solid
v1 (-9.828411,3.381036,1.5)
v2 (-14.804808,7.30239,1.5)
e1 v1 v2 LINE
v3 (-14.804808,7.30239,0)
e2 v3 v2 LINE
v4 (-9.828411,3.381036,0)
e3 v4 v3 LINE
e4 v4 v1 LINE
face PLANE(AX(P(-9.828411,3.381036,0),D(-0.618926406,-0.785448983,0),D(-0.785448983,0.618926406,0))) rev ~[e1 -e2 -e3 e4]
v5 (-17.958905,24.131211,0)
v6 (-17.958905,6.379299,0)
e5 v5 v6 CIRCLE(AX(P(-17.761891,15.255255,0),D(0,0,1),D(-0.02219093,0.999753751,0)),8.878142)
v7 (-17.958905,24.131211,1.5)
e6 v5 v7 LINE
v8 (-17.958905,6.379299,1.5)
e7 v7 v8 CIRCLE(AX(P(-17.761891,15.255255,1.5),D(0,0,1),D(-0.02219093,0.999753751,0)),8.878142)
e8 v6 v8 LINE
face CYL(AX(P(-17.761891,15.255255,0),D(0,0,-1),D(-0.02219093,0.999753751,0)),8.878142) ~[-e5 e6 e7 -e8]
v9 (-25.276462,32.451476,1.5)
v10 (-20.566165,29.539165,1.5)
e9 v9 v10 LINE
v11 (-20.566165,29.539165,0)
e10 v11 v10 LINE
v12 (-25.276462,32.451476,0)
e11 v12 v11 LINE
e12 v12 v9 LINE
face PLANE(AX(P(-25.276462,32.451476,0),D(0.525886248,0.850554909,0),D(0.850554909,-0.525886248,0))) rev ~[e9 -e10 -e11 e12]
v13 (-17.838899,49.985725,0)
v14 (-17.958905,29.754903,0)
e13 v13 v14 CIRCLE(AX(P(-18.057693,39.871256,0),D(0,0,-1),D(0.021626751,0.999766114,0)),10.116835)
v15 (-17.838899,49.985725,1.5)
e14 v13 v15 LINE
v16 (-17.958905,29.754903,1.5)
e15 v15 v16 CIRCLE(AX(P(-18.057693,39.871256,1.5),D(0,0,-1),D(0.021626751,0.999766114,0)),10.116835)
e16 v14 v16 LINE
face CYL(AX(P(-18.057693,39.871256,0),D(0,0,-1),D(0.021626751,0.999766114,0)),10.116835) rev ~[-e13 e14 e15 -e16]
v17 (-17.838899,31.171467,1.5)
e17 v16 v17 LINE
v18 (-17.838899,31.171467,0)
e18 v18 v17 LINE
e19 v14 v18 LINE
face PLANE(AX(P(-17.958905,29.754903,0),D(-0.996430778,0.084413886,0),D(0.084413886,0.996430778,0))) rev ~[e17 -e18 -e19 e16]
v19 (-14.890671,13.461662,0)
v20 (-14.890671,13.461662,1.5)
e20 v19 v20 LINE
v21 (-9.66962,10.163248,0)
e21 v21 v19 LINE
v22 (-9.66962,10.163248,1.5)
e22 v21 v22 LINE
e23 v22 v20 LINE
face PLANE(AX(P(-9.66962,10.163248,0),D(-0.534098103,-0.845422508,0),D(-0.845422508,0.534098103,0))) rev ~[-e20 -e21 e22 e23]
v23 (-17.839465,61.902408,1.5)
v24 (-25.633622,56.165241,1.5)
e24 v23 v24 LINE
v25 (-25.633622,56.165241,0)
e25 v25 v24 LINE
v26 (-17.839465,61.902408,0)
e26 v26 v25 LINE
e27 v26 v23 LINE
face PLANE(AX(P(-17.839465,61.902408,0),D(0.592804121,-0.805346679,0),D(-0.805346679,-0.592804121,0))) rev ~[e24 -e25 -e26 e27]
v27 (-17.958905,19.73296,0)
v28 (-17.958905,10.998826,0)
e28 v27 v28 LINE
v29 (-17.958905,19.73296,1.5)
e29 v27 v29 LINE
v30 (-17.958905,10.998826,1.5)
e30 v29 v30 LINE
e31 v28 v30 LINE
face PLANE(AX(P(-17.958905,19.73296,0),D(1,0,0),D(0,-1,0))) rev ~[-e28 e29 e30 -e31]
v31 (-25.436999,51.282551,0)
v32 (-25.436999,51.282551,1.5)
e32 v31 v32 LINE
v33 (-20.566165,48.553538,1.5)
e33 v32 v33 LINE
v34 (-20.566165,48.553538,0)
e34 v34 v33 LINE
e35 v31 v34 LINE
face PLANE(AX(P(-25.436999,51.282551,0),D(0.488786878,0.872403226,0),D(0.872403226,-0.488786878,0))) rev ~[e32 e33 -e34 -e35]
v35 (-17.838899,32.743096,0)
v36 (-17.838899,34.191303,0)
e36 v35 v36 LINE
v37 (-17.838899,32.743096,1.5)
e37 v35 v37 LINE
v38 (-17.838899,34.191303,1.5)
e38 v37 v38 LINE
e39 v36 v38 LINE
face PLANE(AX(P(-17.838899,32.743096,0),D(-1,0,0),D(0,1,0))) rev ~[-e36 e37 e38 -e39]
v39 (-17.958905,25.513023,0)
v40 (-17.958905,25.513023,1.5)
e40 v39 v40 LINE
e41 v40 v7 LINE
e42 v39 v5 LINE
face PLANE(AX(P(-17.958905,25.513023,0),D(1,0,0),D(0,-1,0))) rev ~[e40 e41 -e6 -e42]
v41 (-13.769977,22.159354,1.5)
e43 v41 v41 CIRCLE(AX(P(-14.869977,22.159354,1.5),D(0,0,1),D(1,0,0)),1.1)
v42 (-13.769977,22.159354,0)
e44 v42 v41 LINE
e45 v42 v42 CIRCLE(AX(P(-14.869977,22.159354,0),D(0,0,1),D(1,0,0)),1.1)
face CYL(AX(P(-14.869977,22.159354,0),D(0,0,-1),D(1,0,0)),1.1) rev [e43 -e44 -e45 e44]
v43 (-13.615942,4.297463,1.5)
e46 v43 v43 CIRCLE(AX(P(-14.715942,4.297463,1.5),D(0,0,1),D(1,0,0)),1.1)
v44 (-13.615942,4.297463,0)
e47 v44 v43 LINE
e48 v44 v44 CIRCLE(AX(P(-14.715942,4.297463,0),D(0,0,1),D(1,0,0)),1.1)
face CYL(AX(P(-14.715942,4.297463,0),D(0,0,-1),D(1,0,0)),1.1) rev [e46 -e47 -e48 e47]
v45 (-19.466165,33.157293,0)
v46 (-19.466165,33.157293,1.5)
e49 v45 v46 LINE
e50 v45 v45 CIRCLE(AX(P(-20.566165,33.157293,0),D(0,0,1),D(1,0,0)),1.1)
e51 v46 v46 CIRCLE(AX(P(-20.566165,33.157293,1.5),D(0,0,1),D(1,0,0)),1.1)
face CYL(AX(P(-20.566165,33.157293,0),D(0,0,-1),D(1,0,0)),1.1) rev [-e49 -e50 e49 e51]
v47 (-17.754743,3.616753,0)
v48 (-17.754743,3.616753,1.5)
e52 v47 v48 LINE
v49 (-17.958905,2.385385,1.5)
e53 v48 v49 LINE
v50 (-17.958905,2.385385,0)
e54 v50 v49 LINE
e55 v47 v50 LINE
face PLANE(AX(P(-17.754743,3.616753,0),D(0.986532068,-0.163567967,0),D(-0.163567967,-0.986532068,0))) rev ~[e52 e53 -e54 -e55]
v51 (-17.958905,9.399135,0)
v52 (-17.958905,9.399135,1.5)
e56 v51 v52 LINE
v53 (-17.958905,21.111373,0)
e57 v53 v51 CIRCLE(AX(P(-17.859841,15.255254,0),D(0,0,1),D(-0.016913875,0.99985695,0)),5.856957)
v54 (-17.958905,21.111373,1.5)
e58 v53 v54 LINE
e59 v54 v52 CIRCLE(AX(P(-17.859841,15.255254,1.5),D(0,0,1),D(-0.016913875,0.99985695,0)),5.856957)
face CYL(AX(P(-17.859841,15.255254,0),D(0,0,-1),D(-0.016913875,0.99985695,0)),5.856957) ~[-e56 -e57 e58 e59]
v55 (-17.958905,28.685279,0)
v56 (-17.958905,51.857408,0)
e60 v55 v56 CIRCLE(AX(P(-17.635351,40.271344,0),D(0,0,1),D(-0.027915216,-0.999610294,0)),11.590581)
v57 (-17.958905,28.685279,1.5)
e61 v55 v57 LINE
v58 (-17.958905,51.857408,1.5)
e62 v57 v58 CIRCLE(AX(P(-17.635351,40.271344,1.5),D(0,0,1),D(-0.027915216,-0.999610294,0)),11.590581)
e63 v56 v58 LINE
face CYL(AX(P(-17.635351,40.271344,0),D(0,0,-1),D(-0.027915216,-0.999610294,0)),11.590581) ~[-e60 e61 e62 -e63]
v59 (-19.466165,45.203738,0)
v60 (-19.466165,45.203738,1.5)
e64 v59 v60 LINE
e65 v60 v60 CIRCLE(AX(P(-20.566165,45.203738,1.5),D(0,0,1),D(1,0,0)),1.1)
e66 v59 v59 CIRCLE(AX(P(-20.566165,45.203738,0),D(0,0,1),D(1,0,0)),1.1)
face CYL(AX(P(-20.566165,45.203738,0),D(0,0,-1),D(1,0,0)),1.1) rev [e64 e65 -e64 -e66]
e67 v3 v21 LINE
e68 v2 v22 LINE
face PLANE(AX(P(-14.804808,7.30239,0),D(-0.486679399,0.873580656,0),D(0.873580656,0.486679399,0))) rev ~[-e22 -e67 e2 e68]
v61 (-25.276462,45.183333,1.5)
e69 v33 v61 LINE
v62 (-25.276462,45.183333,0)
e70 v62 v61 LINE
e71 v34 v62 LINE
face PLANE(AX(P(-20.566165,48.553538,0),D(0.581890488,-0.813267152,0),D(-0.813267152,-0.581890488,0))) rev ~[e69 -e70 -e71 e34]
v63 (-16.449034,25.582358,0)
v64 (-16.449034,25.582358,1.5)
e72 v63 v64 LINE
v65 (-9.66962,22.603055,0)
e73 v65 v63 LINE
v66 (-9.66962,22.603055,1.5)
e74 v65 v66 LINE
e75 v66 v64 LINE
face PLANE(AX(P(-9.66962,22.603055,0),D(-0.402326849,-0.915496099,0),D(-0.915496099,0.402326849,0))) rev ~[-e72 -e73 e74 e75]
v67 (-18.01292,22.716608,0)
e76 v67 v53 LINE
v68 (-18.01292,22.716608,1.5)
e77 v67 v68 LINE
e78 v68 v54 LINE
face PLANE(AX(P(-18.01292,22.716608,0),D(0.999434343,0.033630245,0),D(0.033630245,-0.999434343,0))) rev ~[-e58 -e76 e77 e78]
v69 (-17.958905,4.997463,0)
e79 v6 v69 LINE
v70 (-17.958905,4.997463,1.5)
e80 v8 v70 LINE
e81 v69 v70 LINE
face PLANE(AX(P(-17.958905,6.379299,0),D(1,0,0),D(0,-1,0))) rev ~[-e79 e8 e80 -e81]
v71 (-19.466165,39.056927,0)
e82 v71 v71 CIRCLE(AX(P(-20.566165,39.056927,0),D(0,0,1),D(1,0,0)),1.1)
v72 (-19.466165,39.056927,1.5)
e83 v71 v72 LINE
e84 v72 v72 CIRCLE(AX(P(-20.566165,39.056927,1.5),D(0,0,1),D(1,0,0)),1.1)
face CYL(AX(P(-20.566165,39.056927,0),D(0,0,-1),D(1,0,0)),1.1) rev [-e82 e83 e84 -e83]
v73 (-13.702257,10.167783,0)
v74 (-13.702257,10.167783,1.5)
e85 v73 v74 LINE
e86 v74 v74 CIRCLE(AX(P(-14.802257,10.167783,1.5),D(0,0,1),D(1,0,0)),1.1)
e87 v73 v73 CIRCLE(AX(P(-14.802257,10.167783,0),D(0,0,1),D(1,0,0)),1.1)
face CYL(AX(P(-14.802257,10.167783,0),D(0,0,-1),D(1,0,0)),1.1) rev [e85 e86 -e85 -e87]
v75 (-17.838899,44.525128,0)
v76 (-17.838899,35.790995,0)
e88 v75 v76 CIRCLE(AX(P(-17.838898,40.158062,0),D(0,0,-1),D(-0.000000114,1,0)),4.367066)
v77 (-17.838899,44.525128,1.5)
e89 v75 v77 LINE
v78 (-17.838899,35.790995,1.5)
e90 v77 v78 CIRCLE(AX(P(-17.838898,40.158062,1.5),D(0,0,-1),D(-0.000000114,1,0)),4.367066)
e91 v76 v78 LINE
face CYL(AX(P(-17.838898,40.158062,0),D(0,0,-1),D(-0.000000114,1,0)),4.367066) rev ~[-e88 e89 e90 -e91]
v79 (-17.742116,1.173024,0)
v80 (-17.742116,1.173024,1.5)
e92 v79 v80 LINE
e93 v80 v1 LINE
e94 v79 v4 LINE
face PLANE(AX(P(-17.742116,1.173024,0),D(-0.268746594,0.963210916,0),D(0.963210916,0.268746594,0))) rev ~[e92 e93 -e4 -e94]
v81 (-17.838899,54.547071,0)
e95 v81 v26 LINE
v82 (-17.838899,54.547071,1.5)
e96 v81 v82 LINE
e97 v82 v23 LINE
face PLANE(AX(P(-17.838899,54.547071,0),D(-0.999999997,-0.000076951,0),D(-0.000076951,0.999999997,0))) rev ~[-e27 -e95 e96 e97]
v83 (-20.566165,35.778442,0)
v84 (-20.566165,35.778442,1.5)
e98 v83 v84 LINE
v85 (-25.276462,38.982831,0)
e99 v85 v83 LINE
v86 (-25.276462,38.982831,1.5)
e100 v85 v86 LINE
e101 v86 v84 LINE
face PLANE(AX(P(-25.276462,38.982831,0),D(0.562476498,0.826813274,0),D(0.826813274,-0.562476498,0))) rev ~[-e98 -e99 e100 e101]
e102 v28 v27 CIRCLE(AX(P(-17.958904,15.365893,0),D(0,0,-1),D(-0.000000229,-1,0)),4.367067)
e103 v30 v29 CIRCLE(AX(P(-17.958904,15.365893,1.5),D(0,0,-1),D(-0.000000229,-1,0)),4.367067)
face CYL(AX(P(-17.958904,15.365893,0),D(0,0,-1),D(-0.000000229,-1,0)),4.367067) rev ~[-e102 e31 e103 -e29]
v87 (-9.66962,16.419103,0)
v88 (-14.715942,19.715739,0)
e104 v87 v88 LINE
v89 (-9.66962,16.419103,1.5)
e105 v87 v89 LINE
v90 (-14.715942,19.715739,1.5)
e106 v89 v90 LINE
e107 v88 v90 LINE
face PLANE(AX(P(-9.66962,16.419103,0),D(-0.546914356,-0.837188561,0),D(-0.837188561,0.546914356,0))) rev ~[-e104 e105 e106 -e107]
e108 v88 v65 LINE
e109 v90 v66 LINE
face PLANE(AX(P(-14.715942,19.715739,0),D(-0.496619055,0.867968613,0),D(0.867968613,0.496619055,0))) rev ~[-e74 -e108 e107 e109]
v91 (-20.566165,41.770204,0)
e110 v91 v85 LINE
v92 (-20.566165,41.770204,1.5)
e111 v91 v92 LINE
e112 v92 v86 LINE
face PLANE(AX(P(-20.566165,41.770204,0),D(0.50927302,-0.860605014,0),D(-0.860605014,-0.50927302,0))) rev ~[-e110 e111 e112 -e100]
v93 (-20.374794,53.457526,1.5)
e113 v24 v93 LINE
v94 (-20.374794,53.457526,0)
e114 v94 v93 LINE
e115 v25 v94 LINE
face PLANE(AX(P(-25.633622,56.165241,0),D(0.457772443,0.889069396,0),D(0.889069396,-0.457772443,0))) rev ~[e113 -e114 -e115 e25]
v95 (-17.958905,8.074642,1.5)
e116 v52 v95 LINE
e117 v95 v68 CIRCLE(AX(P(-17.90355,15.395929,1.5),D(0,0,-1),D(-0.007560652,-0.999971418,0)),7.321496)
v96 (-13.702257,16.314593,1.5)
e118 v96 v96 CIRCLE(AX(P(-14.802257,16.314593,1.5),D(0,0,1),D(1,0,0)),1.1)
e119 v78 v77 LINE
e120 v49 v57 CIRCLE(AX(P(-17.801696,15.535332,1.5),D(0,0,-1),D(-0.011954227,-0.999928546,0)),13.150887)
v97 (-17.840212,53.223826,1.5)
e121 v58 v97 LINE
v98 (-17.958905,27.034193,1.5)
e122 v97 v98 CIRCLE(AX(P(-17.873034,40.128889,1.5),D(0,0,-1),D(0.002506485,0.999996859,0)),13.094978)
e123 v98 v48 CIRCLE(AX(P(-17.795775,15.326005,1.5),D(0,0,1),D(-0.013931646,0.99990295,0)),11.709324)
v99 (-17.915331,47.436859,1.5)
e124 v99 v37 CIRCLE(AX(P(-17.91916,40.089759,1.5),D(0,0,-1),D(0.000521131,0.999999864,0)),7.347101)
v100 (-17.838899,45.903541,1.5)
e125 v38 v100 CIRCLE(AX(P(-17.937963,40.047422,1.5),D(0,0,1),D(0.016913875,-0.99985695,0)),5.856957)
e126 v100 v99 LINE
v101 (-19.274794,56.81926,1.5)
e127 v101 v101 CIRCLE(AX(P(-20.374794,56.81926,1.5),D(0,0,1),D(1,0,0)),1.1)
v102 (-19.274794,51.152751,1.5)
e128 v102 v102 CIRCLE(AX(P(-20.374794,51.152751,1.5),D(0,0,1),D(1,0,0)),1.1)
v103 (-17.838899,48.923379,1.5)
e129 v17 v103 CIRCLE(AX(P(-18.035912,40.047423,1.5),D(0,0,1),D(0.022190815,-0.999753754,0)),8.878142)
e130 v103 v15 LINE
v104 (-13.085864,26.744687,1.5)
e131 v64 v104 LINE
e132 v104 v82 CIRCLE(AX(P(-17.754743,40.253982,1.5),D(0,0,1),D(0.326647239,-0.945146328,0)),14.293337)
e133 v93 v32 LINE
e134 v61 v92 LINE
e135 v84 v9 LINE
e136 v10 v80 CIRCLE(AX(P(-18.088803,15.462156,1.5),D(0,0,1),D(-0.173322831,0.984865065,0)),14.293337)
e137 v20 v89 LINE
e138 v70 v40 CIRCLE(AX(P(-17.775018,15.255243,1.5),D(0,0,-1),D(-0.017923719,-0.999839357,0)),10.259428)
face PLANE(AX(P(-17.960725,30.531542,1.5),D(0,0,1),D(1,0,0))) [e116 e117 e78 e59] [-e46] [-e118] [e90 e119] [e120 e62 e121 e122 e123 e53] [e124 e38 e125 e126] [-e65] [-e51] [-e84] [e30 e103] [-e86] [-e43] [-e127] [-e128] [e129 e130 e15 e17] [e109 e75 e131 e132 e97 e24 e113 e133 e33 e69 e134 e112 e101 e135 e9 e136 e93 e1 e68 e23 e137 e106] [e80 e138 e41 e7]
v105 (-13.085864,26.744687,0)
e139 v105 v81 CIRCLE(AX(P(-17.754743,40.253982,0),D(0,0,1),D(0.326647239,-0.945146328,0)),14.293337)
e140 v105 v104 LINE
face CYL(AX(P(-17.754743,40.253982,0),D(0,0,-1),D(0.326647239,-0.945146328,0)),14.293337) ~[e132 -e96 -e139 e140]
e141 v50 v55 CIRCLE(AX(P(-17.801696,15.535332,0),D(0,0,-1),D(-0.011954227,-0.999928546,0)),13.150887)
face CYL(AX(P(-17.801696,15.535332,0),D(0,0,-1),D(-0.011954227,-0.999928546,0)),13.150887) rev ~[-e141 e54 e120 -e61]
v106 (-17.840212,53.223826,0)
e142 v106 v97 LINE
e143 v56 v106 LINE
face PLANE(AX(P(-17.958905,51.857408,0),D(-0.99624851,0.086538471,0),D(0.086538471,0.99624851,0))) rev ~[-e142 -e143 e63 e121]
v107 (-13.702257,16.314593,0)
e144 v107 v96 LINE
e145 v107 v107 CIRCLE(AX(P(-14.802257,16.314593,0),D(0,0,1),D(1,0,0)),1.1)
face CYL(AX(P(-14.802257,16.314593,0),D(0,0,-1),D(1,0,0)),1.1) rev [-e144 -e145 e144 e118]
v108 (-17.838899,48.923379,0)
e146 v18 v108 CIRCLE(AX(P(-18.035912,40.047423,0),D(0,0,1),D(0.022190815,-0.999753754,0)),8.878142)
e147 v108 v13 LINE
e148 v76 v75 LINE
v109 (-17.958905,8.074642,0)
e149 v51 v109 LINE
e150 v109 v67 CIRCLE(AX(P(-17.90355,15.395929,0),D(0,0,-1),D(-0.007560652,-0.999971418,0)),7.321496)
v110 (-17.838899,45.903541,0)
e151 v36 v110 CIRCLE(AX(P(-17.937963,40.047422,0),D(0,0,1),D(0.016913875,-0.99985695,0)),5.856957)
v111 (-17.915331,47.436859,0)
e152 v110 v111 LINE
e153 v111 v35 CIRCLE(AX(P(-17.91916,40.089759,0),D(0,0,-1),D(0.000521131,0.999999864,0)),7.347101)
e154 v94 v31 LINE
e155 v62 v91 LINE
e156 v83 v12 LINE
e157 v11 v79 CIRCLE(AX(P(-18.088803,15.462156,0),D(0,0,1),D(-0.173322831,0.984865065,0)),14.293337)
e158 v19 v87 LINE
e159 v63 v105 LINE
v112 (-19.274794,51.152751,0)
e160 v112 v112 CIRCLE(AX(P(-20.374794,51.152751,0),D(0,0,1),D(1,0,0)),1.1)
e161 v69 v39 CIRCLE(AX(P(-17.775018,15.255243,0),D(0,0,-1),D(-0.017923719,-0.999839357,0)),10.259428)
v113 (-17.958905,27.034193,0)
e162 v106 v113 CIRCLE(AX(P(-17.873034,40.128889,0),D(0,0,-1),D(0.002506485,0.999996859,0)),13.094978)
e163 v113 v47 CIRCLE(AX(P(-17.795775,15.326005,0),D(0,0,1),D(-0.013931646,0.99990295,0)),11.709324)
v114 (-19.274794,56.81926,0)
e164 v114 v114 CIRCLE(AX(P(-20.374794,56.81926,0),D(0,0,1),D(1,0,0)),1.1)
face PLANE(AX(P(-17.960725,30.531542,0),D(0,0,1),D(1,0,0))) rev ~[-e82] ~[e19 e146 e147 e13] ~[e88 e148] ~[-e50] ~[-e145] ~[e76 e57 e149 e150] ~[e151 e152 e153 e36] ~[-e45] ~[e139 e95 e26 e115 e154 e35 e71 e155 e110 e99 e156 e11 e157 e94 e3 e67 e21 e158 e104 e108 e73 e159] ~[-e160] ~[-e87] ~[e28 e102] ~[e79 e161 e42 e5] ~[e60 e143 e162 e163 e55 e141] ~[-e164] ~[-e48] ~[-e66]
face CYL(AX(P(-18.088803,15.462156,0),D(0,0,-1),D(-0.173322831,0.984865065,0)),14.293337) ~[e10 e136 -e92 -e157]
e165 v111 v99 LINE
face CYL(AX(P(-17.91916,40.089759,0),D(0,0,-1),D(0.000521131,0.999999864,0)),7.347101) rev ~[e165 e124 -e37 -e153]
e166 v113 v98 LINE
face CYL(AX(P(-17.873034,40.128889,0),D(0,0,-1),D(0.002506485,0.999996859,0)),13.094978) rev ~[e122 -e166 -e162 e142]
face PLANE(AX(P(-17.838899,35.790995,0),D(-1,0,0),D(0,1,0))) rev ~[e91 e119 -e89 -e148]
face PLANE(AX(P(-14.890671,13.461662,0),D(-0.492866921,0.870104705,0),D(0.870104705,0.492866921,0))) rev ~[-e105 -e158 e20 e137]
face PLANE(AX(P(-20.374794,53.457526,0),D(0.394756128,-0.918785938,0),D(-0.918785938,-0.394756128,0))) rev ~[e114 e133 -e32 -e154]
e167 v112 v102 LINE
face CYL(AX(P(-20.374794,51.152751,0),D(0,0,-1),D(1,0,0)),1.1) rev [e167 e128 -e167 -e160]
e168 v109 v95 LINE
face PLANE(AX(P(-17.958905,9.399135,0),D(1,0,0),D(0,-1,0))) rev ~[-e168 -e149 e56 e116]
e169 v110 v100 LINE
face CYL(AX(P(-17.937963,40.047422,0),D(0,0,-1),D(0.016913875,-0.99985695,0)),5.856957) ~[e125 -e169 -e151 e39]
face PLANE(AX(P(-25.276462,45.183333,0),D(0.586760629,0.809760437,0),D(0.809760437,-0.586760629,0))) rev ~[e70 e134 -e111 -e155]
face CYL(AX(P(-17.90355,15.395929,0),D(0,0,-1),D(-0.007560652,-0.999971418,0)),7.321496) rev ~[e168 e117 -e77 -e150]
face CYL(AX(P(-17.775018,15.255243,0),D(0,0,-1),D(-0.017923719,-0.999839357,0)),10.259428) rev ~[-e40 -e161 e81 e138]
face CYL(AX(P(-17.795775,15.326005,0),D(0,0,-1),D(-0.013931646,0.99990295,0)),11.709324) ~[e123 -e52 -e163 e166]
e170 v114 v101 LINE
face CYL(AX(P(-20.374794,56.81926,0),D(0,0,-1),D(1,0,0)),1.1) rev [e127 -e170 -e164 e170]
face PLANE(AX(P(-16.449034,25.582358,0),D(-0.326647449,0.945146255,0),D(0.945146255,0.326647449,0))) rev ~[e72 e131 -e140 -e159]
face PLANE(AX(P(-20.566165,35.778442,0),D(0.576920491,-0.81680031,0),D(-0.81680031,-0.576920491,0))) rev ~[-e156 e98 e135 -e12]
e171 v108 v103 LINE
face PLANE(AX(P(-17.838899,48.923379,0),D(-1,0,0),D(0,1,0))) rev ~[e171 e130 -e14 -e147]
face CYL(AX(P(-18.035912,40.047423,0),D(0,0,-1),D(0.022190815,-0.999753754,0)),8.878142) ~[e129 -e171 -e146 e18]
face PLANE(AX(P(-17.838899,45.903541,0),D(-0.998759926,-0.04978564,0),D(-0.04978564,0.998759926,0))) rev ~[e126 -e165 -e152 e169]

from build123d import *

# Parameters (mm, degrees)
F0_R     = 1.1
F1_DEPTH = 1.5


with BuildPart() as f1:
    # F0 (on Top) → F1 (new body)
    with BuildSketch(Plane.XY):
        with BuildLine():
            Line((-16.449034, 25.582358), (-13.085864, 26.744687))
            ThreePointArc((-13.085864, 26.744687), (-3.665809, 42.662595), (-17.838899, 54.547071))
            Line((-17.838899, 54.547071), (-17.839465, 61.902408))
            Line((-17.839465, 61.902408), (-25.633622, 56.165241))
            Line((-25.633622, 56.165241), (-20.374794, 53.457526))
            Line((-20.374794, 53.457526), (-25.436999, 51.282551))
            Line((-25.436999, 51.282551), (-20.566165, 48.553538))
            Line((-20.566165, 48.553538), (-25.276462, 45.183333))
            Line((-25.276462, 45.183333), (-20.566165, 41.770204))
            Line((-20.566165, 41.770204), (-25.276462, 38.982831))
            Line((-25.276462, 38.982831), (-20.566165, 35.778442))
            Line((-20.566165, 35.778442), (-25.276462, 32.451476))
            Line((-25.276462, 32.451476), (-20.566165, 29.539165))
            ThreePointArc((-20.566165, 29.539165), (-32.311828, 14.046154), (-17.742116, 1.173024))
            Line((-17.742116, 1.173024), (-9.828411, 3.381036))
            Line((-9.828411, 3.381036), (-14.804808, 7.30239))
            Line((-14.804808, 7.30239), (-9.66962, 10.163248))
            Line((-9.66962, 10.163248), (-14.890671, 13.461662))
            Line((-14.890671, 13.461662), (-9.66962, 16.419103))
            Line((-9.66962, 16.419103), (-14.715942, 19.715739))
            Line((-14.715942, 19.715739), (-9.66962, 22.603055))
            Line((-9.66962, 22.603055), (-16.449034, 25.582358))
        make_face()
        with BuildLine():
            ThreePointArc((-17.958905, 24.131211), (-26.640033, 15.255255), (-17.958905, 6.379299))
            Line((-17.958905, 6.379299), (-17.958905, 4.997463))
            ThreePointArc((-17.958905, 4.997463), (-28.034446, 15.255243), (-17.958905, 25.513023))
            Line((-17.958905, 25.513023), (-17.958905, 24.131211))
        make_face(mode=Mode.SUBTRACT)
        with BuildLine():
            ThreePointArc((-17.958905, 21.111373), (-23.716798, 15.255254), (-17.958905, 9.399135))
            Line((-17.958905, 9.399135), (-17.958905, 8.074642))
            ThreePointArc((-17.958905, 8.074642), (-25.224996, 15.368919), (-18.01292, 22.716608))
            Line((-18.01292, 22.716608), (-17.958905, 21.111373))
        make_face(mode=Mode.SUBTRACT)
        with BuildLine():
            Line((-17.958905, 19.73296), (-17.958905, 10.998826))
            ThreePointArc((-17.958905, 10.998826), (-22.325971, 15.365893), (-17.958905, 19.73296))
        make_face(mode=Mode.SUBTRACT)
        with Locations((-14.715942, 4.297463)):
            Circle(F0_R, mode=Mode.SUBTRACT)
        with Locations((-14.802257, 10.167783)):
            Circle(F0_R, mode=Mode.SUBTRACT)
        with Locations((-14.802257, 16.314593)):
            Circle(F0_R, mode=Mode.SUBTRACT)
        with Locations((-14.869977, 22.159354)):
            Circle(F0_R, mode=Mode.SUBTRACT)
        with BuildLine():
            ThreePointArc((-17.840212, 53.223826), (-4.778191, 40.069543), (-17.958905, 27.034193))
            ThreePointArc((-17.958905, 27.034193), (-29.504654, 15.223923), (-17.754743, 3.616753))
            Line((-17.754743, 3.616753), (-17.958905, 2.385385))
            ThreePointArc((-17.958905, 2.385385), (-30.952583, 15.535332), (-17.958905, 28.685279))
            ThreePointArc((-17.958905, 28.685279), (-6.04477, 40.271344), (-17.958905, 51.857408))
            Line((-17.958905, 51.857408), (-17.840212, 53.223826))
        make_face(mode=Mode.SUBTRACT)
        with Locations((-20.566165, 33.157293)):
            Circle(F0_R, mode=Mode.SUBTRACT)
        with Locations((-20.566165, 39.056927)):
            Circle(F0_R, mode=Mode.SUBTRACT)
        with Locations((-20.566165, 45.203738)):
            Circle(F0_R, mode=Mode.SUBTRACT)
        with Locations((-20.374794, 51.152751)):
            Circle(F0_R, mode=Mode.SUBTRACT)
        with Locations((-20.374794, 56.81926)):
            Circle(F0_R, mode=Mode.SUBTRACT)
        with BuildLine():
            ThreePointArc((-17.838899, 44.525128), (-13.471832, 40.158061), (-17.838899, 35.790995))
            Line((-17.838899, 35.790995), (-17.838899, 44.525128))
        make_face(mode=Mode.SUBTRACT)
        with BuildLine():
            Line((-17.838899, 32.743096), (-17.838899, 34.191303))
            ThreePointArc((-17.838899, 34.191303), (-12.081006, 40.047422), (-17.838899, 45.903541))
            Line((-17.838899, 45.903541), (-17.915331, 47.436859))
            ThreePointArc((-17.915331, 47.436859), (-10.572158, 40.127976), (-17.838899, 32.743096))
        make_face(mode=Mode.SUBTRACT)
        with BuildLine():
            ThreePointArc((-17.838899, 49.985725), (-7.941036, 39.811246), (-17.958905, 29.754903))
            Line((-17.958905, 29.754903), (-17.838899, 31.171467))
            ThreePointArc((-17.838899, 31.171467), (-9.15777, 40.047423), (-17.838899, 48.923379))
            Line((-17.838899, 48.923379), (-17.838899, 49.985725))
        make_face(mode=Mode.SUBTRACT)
    extrude(amount=F1_DEPTH)


solid = f1.part
